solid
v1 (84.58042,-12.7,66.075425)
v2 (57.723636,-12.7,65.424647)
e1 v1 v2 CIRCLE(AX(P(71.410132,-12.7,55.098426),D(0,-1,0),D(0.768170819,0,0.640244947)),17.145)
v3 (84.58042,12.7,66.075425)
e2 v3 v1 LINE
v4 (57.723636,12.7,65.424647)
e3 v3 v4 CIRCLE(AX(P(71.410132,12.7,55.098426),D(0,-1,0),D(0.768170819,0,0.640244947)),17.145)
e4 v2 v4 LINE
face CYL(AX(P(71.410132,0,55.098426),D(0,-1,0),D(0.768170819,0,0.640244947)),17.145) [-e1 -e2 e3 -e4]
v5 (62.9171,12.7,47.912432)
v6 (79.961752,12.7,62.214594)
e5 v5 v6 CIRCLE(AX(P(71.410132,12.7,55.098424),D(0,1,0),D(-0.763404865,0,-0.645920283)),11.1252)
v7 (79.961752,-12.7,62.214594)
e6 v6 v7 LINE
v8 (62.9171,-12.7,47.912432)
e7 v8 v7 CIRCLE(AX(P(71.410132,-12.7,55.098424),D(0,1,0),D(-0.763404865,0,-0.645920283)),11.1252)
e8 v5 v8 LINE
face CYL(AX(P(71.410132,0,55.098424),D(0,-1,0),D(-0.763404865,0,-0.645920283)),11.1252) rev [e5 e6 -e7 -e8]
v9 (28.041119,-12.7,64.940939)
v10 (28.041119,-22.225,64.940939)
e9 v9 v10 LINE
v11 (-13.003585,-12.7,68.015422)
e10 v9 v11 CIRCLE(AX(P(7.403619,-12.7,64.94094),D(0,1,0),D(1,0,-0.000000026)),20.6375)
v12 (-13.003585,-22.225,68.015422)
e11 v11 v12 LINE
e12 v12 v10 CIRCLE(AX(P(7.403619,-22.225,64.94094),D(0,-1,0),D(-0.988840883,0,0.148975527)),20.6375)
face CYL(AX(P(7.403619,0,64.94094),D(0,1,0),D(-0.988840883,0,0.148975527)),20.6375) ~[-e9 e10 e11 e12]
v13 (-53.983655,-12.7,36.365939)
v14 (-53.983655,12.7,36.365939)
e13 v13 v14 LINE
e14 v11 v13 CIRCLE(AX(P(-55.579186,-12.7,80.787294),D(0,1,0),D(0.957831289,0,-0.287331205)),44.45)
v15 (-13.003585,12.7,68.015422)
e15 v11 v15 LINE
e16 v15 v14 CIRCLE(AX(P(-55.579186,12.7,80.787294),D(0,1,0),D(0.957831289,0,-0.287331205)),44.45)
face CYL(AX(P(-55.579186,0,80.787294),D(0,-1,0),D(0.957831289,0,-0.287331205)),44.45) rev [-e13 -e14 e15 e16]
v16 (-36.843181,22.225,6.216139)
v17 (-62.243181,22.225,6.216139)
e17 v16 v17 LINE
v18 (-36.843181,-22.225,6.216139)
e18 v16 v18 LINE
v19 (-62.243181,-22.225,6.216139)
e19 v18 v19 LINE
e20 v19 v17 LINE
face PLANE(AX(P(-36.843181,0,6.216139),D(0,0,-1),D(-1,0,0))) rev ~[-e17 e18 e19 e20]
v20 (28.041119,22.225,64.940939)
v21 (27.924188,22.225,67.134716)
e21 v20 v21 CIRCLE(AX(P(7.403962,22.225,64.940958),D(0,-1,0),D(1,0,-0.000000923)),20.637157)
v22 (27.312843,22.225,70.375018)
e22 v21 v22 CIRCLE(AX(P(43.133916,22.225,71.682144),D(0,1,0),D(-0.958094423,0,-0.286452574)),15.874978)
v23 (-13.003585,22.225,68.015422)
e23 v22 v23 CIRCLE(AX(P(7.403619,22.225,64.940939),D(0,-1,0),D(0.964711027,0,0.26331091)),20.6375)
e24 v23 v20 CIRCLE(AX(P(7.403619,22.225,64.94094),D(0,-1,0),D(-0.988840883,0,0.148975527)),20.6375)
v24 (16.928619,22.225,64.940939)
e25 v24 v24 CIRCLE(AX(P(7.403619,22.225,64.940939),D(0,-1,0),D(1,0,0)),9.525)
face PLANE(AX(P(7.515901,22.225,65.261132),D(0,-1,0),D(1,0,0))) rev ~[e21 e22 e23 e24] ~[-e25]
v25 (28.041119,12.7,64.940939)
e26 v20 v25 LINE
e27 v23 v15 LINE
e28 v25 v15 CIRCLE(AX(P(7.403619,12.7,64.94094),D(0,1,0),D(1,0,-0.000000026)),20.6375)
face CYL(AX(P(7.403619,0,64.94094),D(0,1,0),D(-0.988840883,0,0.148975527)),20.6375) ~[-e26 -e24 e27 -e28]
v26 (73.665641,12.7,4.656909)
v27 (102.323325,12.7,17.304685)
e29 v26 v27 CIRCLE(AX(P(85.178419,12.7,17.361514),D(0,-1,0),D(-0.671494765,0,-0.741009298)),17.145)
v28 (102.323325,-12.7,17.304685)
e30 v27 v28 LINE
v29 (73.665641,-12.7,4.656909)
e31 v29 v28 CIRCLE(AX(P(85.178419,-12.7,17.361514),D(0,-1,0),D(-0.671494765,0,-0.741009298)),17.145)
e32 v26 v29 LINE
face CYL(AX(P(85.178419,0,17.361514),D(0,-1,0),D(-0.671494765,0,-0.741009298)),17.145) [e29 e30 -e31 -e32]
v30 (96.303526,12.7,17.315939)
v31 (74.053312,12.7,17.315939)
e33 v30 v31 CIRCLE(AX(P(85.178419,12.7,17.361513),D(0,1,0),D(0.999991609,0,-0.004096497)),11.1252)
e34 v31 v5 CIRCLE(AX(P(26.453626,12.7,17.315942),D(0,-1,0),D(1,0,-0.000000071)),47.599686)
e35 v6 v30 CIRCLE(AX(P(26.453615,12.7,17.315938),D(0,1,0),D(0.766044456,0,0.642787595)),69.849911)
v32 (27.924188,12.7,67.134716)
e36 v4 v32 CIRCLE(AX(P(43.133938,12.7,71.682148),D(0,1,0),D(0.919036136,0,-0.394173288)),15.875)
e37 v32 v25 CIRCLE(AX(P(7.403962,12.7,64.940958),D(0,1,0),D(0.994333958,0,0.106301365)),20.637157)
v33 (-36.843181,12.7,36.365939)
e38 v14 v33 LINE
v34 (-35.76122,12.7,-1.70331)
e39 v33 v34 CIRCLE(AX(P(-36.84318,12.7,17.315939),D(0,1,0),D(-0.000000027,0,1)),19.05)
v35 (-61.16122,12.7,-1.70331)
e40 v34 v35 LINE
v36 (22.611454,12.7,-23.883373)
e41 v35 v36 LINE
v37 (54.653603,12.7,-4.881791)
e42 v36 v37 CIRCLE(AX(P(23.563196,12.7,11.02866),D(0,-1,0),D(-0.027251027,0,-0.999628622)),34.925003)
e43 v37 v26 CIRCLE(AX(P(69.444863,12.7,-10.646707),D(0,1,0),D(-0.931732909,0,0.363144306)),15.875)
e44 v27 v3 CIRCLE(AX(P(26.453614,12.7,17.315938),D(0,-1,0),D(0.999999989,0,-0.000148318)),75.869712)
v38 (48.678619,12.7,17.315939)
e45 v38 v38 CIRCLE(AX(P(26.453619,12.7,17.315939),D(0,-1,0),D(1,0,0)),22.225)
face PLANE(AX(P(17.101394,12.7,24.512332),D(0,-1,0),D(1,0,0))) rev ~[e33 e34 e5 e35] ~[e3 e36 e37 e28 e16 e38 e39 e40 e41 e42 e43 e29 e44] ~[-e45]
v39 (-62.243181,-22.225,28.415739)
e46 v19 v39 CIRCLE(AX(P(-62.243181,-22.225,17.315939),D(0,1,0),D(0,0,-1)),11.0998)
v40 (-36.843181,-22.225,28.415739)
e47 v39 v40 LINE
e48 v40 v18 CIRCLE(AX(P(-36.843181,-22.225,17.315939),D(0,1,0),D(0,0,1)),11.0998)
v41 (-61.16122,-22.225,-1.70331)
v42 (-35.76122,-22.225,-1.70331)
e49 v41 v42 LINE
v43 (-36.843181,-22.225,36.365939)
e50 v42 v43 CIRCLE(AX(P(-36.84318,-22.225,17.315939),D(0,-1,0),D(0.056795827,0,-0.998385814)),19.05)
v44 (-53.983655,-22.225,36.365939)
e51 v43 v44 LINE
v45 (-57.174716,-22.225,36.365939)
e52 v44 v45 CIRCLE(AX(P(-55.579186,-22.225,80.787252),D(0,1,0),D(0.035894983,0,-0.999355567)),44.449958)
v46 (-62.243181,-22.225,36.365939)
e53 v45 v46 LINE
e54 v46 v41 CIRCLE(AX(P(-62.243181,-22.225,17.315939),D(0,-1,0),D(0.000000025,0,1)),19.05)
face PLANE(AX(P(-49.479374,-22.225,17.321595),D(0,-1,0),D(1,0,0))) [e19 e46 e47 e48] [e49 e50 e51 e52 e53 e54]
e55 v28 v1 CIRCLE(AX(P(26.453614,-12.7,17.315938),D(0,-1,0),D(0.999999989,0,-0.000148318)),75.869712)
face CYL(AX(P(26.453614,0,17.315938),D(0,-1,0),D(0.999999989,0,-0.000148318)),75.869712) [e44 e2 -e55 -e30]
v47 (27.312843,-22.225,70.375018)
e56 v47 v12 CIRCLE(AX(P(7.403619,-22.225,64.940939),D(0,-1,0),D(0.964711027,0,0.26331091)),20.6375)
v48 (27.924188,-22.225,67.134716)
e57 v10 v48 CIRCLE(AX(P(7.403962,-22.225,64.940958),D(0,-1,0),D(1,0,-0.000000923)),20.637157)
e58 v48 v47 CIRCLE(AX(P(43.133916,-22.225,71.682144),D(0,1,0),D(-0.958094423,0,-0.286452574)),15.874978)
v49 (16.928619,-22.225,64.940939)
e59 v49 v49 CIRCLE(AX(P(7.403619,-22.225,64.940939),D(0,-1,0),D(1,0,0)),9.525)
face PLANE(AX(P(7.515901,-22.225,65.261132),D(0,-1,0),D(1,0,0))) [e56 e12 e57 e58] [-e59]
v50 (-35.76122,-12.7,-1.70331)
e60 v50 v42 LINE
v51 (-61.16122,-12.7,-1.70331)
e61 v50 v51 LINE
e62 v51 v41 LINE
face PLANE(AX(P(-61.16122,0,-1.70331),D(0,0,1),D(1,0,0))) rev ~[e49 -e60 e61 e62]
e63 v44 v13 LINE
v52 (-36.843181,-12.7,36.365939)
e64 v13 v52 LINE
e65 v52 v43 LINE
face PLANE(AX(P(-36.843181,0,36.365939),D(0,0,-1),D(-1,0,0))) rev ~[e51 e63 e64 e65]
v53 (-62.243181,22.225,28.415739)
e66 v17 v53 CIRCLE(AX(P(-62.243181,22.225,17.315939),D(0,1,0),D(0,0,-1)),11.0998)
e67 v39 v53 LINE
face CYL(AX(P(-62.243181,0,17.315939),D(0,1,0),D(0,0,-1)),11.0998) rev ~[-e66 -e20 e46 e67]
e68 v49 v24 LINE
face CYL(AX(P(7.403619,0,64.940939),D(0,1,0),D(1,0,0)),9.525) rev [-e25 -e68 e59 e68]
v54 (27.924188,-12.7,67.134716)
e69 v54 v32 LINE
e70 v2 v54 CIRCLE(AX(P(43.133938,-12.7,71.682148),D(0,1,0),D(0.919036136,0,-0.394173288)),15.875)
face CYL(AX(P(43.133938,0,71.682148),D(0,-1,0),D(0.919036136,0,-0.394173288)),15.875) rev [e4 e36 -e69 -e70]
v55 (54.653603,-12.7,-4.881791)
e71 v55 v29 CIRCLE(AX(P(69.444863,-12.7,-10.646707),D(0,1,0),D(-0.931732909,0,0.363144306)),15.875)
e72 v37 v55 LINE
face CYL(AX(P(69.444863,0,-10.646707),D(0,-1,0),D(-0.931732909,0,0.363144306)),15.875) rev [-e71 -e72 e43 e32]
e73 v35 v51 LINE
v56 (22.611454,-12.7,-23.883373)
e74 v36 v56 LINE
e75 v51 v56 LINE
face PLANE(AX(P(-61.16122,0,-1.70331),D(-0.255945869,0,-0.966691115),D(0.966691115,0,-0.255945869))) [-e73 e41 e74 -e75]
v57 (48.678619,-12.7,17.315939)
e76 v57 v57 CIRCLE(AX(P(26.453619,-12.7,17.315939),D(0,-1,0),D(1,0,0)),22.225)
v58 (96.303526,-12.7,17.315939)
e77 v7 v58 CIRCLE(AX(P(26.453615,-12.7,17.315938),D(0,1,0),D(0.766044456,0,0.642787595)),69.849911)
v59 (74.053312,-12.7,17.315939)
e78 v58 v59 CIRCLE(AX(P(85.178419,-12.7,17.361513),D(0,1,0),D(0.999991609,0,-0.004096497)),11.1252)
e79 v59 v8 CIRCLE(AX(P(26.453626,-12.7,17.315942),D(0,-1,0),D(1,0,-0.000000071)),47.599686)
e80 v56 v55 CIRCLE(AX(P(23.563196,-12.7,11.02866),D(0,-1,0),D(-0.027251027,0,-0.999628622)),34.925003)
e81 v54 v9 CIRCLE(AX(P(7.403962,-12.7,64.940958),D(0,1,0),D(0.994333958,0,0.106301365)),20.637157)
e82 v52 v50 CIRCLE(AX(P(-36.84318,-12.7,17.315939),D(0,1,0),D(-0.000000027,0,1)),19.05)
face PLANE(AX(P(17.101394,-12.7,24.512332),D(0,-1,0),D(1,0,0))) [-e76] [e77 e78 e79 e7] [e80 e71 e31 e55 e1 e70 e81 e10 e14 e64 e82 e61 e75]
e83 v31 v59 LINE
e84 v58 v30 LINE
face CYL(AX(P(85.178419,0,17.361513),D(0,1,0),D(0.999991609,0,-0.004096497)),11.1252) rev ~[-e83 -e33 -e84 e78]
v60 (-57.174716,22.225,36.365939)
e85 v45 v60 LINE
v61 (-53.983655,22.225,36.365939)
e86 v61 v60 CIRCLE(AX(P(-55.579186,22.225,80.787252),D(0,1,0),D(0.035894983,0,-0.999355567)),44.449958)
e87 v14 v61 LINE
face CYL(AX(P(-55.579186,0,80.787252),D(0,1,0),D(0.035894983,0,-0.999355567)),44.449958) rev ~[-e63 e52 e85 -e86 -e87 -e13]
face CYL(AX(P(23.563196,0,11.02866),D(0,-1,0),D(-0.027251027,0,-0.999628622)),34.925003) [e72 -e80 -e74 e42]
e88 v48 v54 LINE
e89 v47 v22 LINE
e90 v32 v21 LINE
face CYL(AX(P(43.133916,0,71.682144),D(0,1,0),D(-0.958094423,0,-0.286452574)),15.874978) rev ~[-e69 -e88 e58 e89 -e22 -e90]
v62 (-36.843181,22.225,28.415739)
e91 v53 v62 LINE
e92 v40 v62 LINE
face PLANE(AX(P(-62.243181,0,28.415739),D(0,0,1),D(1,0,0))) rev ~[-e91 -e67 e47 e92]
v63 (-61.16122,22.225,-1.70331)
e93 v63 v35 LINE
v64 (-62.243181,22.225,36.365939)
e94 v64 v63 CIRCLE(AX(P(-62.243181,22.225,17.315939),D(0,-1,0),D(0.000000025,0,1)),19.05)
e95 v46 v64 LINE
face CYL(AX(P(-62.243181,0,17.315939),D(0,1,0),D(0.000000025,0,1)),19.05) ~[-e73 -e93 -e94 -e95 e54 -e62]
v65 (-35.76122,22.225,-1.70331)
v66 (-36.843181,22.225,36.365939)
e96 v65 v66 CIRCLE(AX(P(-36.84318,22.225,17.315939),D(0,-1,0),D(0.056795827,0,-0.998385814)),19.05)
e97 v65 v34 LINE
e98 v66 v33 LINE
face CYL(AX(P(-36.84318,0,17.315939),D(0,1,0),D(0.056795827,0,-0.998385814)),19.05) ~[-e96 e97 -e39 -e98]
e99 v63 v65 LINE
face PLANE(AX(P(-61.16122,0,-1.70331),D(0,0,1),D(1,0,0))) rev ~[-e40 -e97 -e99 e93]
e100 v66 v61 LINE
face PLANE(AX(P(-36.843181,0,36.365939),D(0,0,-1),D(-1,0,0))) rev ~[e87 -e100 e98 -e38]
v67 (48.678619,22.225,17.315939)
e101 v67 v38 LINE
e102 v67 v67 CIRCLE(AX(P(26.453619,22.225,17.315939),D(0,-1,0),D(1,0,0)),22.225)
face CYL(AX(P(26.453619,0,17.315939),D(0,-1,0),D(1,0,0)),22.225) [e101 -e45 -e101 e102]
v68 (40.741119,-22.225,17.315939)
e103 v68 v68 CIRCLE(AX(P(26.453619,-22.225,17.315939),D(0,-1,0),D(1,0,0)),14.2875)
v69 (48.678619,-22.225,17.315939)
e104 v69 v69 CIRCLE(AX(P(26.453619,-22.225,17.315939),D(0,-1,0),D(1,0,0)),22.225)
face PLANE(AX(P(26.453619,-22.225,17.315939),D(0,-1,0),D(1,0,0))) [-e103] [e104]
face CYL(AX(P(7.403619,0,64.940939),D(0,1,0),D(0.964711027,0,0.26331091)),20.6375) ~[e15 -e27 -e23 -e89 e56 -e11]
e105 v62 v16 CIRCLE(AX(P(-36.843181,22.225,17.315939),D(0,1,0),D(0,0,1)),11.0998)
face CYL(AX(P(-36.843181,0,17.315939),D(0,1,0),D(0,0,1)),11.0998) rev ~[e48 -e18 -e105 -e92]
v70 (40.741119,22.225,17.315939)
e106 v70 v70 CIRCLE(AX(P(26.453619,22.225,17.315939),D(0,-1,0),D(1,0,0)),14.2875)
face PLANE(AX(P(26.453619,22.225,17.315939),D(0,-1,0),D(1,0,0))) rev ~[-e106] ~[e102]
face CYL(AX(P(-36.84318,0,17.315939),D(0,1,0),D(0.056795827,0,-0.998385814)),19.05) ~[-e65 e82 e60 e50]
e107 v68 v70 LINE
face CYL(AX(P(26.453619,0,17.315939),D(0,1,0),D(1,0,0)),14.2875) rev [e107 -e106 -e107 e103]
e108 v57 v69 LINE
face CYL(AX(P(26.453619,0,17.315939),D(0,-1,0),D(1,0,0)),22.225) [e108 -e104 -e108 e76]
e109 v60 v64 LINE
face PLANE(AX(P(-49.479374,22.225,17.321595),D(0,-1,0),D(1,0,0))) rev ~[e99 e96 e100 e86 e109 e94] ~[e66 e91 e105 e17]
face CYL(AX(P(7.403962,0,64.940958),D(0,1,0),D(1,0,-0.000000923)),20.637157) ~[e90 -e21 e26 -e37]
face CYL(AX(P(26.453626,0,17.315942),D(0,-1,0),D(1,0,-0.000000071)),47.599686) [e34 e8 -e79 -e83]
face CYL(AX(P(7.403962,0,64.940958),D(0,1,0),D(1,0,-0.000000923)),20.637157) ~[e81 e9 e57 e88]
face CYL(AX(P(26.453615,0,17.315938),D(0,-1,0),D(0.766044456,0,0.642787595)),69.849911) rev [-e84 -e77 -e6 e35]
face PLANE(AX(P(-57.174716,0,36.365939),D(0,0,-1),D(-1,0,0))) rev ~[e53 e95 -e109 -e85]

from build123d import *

# Parameters (mm, degrees)
F0_R     = 22.225
F1_DEPTH = 12.7
F0_R_2   = 9.525
F0_R_3   = 14.2875
F2_DEPTH = 22.225


with BuildPart() as f1:
    # F0 (on Front) → F1 (new body, symmetric)
    with BuildSketch(Plane.XZ):
        with BuildLine():
            Line((-35.76122, -1.70331), (-61.16122, -1.70331))
            Line((-61.16122, -1.70331), (22.611454, -23.883373))
            ThreePointArc((22.611454, -23.883373), (41.377511, -19.011414), (54.653603, -4.881791))
            ThreePointArc((54.653603, -4.881791), (62.325841, 3.542555), (73.665641, 4.656909))
            ThreePointArc((73.665641, 4.656909), (92.100975, 1.676194), (102.323325, 17.304685))
            ThreePointArc((102.323325, 17.304685), (97.751671, 43.254331), (84.58042, 66.075425))
            ThreePointArc((84.58042, 66.075425), (70.994806, 72.238394), (57.723636, 65.424647))
            ThreePointArc((57.723636, 65.424647), (42.224433, 55.833223), (27.924188, 67.134716))
            ThreePointArc((27.924188, 67.134716), (28.011866, 66.039385), (28.041119, 64.940939))
            ThreePointArc((28.041119, 64.940939), (5.862071, 44.361094), (-13.003585, 68.015422))
            ThreePointArc((-13.003585, 68.015422), (-28.409448, 45.607643), (-53.983655, 36.365939))
            Line((-53.983655, 36.365939), (-36.843181, 36.365939))
            ThreePointArc((-36.843181, 36.365939), (-17.80087, 17.857139), (-35.76122, -1.70331))
        make_face()
        with Locations((26.453619, 17.315939)):
            Circle(F0_R, mode=Mode.SUBTRACT)
        with BuildLine():
            ThreePointArc((96.303526, 17.315939), (85.178419, 6.236313), (74.053312, 17.315939))
            ThreePointArc((74.053312, 17.315939), (71.1827, 33.595993), (62.9171, 47.912432))
            ThreePointArc((62.9171, 47.912432), (64.258991, 63.620822), (79.961752, 62.214594))
            ThreePointArc((79.961752, 62.214594), (92.091061, 41.206014), (96.303526, 17.315939))
        make_face(mode=Mode.SUBTRACT)
    extrude(amount=F1_DEPTH, both=True)

    # F0 (on Front) → F2 (join, symmetric)
    with BuildSketch(Plane.XZ):
        with BuildLine():
            ThreePointArc((27.312843, 70.375018), (6.197833, 85.543184), (-13.003585, 68.015422))
            ThreePointArc((-13.003585, 68.015422), (5.862071, 44.361094), (28.041119, 64.940939))
            ThreePointArc((28.041119, 64.940939), (28.011866, 66.039385), (27.924188, 67.134716))
            ThreePointArc((27.924188, 67.134716), (27.534155, 68.738951), (27.312843, 70.375018))
        make_face()
        with Locations((7.403619, 64.940939)):
            Circle(F0_R_2, mode=Mode.SUBTRACT)
        with BuildLine():
            ThreePointArc((-62.243181, 36.365939), (-81.285492, 16.77474), (-61.16122, -1.70331))
            Line((-61.16122, -1.70331), (-35.76122, -1.70331))
            ThreePointArc((-35.76122, -1.70331), (-17.80087, 17.857139), (-36.843181, 36.365939))
            Line((-36.843181, 36.365939), (-53.983655, 36.365939))
            ThreePointArc((-53.983655, 36.365939), (-55.579185, 36.337294), (-57.174716, 36.365939))
            Line((-57.174716, 36.365939), (-62.243181, 36.365939))
        make_face()
        with BuildLine():
            Line((-36.843181, 6.216139), (-62.243181, 6.216139))
            ThreePointArc((-62.243181, 6.216139), (-73.342981, 17.315939), (-62.243181, 28.415739))
            Line((-62.243181, 28.415739), (-36.843181, 28.415739))
            ThreePointArc((-36.843181, 28.415739), (-25.743381, 17.315939), (-36.843181, 6.216139))
        make_face(mode=Mode.SUBTRACT)
        with Locations((26.453619, 17.315939)):
            Circle(F0_R)
        with Locations((26.453619, 17.315939)):
            Circle(F0_R_3, mode=Mode.SUBTRACT)
    extrude(amount=F2_DEPTH, both=True)


solid = f1.part
